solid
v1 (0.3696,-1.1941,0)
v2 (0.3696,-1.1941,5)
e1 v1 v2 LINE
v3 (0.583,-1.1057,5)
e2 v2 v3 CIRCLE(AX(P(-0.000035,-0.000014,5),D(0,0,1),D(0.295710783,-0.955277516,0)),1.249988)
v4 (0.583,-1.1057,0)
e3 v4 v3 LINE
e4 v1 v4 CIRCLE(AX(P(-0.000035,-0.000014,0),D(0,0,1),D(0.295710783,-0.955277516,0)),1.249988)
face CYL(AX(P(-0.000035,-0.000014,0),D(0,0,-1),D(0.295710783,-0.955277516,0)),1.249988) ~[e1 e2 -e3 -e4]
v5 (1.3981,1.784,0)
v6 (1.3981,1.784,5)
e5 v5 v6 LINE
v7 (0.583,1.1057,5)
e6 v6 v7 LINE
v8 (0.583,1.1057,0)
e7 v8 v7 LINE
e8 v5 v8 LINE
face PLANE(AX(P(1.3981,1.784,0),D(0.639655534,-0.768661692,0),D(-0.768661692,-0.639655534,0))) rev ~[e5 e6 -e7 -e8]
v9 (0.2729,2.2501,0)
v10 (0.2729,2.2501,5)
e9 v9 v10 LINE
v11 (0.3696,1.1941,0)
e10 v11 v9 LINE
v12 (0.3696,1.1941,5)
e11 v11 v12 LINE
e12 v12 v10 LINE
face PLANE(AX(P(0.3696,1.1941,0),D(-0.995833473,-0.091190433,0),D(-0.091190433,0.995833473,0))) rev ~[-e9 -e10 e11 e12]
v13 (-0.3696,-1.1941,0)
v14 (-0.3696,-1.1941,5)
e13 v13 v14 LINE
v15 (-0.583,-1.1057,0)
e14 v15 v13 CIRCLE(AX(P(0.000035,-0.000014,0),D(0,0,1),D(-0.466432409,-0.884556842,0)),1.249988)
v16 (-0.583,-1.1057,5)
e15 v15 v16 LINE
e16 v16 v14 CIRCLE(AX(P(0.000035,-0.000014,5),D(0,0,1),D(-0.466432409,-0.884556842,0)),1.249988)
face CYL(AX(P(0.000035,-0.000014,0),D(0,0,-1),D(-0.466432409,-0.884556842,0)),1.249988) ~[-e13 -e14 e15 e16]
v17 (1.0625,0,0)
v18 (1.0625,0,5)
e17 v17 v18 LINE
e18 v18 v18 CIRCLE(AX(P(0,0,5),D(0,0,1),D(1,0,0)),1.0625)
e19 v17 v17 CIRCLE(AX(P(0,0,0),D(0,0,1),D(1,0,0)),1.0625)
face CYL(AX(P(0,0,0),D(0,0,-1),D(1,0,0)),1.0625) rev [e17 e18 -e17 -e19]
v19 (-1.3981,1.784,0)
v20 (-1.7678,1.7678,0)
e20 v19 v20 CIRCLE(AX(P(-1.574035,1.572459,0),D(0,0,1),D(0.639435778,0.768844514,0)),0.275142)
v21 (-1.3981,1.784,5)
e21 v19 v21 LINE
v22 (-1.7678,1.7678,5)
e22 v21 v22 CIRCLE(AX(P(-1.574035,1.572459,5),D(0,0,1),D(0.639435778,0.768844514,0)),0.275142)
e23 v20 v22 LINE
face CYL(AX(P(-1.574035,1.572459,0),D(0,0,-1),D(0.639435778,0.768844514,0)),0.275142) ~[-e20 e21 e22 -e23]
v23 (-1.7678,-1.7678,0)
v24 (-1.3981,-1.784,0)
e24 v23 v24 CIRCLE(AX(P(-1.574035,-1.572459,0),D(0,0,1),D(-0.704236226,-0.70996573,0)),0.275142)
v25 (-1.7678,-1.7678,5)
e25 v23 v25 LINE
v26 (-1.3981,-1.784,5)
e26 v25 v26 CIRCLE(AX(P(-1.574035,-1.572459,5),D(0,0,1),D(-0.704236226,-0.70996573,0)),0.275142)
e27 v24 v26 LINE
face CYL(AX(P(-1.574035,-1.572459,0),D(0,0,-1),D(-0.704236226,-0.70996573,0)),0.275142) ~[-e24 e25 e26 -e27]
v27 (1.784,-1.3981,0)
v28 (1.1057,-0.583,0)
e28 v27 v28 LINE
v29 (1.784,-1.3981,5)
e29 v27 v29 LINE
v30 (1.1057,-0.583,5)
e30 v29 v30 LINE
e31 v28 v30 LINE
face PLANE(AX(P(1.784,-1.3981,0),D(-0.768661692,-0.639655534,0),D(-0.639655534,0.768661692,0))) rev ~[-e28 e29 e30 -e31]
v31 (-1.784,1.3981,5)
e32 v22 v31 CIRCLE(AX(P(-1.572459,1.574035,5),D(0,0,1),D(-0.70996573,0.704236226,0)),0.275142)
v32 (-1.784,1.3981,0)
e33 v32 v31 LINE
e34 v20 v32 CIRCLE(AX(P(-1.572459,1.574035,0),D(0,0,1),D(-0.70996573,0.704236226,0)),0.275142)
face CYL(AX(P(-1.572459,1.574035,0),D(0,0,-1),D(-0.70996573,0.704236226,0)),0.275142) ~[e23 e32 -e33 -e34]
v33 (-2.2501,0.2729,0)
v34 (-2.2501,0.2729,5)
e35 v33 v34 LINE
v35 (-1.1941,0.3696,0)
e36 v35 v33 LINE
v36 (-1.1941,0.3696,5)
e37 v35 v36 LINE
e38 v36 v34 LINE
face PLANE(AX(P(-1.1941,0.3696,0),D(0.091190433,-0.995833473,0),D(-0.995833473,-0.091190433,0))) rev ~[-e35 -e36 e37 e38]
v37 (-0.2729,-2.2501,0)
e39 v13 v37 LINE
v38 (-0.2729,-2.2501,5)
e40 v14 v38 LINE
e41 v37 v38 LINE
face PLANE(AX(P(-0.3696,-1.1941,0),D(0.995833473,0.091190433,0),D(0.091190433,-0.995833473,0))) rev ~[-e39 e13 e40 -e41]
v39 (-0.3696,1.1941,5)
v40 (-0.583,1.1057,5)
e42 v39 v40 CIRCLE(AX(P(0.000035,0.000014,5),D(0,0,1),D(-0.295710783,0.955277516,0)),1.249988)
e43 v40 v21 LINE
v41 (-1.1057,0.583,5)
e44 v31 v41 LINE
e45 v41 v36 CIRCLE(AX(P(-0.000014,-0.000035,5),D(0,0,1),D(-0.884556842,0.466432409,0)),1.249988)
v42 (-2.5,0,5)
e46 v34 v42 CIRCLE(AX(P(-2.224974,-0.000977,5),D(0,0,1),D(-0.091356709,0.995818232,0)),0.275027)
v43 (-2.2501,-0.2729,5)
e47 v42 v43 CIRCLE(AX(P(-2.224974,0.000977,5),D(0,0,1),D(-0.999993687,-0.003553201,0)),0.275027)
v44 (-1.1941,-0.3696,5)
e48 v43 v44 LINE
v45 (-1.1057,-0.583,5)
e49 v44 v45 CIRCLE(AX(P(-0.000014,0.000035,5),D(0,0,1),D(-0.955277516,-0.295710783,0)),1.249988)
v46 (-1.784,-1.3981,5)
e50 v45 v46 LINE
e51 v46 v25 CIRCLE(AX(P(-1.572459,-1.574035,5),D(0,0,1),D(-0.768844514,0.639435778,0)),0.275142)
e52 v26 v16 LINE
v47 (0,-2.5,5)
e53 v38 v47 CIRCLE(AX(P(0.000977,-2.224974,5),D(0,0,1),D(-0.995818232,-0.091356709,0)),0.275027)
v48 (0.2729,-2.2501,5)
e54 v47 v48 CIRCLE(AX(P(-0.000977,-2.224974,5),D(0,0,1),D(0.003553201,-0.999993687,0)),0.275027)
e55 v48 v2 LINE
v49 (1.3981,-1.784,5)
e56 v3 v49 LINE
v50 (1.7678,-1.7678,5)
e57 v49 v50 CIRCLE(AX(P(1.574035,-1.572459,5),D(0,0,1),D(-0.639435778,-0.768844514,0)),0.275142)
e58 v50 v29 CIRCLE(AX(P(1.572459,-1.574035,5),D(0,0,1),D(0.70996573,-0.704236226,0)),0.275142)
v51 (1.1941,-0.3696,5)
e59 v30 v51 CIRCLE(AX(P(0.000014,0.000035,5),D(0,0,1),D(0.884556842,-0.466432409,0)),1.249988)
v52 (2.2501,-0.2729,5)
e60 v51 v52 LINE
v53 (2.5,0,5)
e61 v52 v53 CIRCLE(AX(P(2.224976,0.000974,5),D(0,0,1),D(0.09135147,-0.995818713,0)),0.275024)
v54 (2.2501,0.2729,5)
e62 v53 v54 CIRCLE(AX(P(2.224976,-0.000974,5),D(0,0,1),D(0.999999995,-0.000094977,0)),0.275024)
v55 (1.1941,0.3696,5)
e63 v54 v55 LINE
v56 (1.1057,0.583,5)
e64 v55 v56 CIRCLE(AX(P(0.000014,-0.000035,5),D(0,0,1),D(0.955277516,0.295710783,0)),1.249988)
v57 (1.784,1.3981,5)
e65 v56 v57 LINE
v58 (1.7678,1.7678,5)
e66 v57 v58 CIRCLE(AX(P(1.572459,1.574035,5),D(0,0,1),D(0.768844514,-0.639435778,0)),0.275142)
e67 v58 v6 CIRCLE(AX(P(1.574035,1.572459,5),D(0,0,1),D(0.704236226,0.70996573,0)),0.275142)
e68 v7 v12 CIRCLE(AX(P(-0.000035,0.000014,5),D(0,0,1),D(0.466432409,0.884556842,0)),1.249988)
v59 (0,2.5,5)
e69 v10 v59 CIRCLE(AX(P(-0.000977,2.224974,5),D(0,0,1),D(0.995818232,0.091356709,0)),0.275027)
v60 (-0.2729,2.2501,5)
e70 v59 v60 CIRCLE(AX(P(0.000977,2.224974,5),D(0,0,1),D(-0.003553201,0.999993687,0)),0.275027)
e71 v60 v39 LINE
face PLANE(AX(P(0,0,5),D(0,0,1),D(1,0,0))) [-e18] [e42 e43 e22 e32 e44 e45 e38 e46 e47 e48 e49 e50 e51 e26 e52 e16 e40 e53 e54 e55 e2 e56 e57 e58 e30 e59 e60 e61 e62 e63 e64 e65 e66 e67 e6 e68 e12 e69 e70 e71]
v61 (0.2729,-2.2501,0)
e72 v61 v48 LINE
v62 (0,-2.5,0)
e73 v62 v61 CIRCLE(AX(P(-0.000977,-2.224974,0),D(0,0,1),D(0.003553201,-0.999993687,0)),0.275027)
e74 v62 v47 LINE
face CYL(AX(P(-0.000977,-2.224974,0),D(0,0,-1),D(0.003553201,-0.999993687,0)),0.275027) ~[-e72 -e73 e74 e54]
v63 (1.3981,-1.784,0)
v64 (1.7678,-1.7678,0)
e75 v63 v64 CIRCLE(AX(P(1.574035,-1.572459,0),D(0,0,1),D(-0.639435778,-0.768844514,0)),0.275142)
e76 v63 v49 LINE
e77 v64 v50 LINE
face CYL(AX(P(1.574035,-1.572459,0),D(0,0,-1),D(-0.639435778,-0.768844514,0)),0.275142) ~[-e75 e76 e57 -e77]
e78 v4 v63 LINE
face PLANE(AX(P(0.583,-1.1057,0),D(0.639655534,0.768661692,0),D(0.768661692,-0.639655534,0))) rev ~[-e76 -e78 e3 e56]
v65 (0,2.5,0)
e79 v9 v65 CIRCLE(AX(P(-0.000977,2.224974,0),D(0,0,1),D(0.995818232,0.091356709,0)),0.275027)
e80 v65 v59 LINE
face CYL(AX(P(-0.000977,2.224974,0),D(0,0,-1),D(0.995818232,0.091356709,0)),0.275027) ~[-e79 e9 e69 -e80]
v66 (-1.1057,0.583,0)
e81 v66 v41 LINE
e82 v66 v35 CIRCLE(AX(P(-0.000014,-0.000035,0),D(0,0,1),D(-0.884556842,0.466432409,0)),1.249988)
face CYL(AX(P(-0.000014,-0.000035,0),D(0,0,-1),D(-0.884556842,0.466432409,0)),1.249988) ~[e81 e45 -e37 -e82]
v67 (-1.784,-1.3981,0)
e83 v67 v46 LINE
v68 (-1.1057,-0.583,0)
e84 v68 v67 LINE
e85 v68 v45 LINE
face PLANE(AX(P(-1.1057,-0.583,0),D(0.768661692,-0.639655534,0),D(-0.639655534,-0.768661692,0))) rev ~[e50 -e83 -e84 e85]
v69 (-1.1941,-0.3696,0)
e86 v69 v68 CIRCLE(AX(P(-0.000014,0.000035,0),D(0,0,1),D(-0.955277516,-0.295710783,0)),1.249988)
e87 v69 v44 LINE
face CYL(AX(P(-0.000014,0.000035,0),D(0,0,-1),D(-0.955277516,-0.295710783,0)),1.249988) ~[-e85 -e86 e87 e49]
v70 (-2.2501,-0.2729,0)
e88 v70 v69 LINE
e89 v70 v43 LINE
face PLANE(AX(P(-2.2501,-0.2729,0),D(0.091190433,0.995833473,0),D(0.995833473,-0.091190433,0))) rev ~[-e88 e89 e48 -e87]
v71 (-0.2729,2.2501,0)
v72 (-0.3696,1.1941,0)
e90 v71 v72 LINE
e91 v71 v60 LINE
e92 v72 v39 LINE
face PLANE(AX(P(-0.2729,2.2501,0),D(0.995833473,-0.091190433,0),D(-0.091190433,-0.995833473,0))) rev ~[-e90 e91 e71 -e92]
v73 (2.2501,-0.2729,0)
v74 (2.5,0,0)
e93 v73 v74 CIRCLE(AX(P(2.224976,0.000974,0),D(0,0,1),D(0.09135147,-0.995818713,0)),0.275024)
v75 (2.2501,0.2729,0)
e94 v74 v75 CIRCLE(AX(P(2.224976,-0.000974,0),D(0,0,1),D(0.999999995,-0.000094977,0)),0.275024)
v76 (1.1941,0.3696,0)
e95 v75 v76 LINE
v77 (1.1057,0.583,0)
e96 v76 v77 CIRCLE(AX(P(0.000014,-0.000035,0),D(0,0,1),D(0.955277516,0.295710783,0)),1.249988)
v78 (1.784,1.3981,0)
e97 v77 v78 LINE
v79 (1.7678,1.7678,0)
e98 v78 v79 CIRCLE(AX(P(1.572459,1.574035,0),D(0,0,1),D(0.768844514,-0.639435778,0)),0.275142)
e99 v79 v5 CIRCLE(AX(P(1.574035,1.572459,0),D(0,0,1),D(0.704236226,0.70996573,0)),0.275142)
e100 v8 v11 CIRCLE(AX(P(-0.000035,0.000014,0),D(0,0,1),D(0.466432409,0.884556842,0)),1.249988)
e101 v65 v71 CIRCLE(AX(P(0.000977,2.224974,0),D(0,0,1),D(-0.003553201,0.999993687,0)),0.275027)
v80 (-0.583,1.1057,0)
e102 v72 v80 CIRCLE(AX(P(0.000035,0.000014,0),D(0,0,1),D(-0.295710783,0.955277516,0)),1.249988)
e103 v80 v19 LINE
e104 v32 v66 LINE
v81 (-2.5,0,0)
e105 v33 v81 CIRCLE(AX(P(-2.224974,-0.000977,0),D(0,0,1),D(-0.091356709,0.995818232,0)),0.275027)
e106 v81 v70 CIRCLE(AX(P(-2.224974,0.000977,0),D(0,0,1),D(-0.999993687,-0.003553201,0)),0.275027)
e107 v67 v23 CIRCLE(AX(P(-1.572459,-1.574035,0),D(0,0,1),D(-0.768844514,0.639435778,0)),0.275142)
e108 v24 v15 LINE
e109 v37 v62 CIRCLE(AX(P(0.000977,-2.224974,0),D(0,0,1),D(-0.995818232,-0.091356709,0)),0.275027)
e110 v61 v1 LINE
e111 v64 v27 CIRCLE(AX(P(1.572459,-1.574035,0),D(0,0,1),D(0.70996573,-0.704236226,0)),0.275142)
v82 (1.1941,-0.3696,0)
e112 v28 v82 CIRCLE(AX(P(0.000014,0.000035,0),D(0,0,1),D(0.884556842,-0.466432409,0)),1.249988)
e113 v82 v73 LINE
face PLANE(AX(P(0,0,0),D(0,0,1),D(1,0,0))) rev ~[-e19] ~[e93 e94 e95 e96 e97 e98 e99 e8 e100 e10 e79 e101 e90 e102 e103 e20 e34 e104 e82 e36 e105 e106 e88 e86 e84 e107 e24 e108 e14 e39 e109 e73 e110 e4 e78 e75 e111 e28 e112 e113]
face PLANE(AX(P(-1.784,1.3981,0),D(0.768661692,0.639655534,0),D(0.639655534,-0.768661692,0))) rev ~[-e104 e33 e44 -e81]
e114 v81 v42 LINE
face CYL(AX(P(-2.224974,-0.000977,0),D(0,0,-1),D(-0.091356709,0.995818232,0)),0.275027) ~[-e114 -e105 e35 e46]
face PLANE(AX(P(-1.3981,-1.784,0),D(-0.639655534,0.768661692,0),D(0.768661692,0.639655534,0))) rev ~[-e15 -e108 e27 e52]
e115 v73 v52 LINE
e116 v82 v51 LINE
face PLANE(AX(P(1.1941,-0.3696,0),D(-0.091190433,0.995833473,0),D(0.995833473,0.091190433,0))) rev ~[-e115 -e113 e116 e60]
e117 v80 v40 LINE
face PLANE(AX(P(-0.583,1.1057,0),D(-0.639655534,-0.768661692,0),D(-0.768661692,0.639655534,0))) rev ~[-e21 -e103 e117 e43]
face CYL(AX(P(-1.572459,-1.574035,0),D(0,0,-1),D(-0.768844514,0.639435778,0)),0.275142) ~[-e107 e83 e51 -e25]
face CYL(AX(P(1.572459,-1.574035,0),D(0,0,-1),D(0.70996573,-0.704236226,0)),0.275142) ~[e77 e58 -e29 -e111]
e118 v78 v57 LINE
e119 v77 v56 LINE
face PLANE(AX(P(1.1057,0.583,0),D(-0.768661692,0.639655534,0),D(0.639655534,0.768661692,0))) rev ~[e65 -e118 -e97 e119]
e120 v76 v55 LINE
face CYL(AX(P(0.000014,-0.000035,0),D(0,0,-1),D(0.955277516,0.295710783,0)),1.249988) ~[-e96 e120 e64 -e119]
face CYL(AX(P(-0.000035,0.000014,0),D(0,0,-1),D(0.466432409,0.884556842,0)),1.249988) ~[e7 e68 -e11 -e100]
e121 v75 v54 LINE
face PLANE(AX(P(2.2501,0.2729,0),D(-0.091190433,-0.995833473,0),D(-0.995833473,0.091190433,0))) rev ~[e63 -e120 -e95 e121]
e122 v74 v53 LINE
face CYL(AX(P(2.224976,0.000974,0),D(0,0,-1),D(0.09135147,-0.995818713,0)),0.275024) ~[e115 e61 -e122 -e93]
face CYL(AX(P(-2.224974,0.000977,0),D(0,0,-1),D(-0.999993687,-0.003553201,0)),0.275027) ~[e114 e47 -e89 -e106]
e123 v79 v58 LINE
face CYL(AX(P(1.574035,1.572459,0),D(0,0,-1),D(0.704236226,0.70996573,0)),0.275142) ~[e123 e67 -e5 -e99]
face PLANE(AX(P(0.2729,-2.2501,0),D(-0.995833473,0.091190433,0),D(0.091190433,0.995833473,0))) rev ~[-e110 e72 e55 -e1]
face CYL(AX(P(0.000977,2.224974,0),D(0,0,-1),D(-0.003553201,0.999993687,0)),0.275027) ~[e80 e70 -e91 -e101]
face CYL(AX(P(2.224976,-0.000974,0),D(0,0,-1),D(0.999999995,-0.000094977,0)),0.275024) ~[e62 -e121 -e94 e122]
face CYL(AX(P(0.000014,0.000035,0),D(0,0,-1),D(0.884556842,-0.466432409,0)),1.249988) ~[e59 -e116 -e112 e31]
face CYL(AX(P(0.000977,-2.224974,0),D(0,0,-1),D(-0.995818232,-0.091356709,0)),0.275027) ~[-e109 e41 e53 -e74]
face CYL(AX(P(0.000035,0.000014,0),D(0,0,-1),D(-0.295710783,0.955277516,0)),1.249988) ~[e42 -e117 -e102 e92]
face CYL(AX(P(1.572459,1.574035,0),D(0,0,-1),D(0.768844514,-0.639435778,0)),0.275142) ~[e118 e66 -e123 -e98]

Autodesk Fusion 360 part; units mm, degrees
sketch "Small Head Gear" plane through (0, 0, 0) normal (0, 0, 1) x (1, 0, 0)
  circle A0 centre (0, 0) radius 1.0625
  arc A1 (-0.583, -1.1057) -> (-0.3696, -1.1941) centre (0, 0) ccw
  arc A2 (-1.1941, -0.3696) -> (-1.1057, -0.583) centre (0, 0) ccw
  arc A3 (-1.1057, 0.583) -> (-1.1941, 0.3696) centre (0, 0) ccw
  arc A4 (-0.3696, 1.1941) -> (-0.583, 1.1057) centre (0, 0) ccw
  arc A5 (0.583, 1.1057) -> (0.3696, 1.1941) centre (0, 0) ccw
  arc A6 (1.1941, 0.3696) -> (1.1057, 0.583) centre (0, 0) ccw
  arc A7 (0.3696, -1.1941) -> (0.583, -1.1057) centre (0, 0) ccw
  arc A8 (1.1057, -0.583) -> (1.1941, -0.3696) centre (0, 0) ccw
  line L0 (0, -2.5) -> (0.001, -2.5)
  line L1 (0, -2.5) -> (-0.001, -2.5)
  line L2 (1.7678, -1.7678) -> (1.7684, -1.7671)
  line L3 (1.7678, -1.7678) -> (1.7671, -1.7684)
  line L4 (1.7678, 1.7678) -> (1.7671, 1.7684)
  line L5 (1.7678, 1.7678) -> (1.7684, 1.7671)
  line L6 (0, 2.5) -> (-0.001, 2.5)
  line L7 (0, 2.5) -> (0.001, 2.5)
  line L8 (-1.7678, 1.7678) -> (-1.7684, 1.7671)
  line L9 (-1.7678, 1.7678) -> (-1.7671, 1.7684)
  line L10 (-2.5, 0) -> (-2.5, -0.001)
  line L11 (-2.5, 0) -> (-2.5, 0.001)
  line L12 (-1.7678, -1.7678) -> (-1.7671, -1.7684)
  line L13 (-1.7678, -1.7678) -> (-1.7684, -1.7671)
  line L14 (-0.3696, -1.1941) -> (-0.2729, -2.2501)
  line L15 (0.2729, -2.2501) -> (0.3696, -1.1941)
  line L16 (0.583, -1.1057) -> (1.3981, -1.784)
  line L17 (1.784, -1.3981) -> (1.1057, -0.583)
  line L18 (1.1941, -0.3696) -> (2.2501, -0.2729)
  line L19 (2.2501, 0.2729) -> (1.1941, 0.3696)
  line L20 (1.1057, 0.583) -> (1.784, 1.3981)
  line L21 (1.3981, 1.784) -> (0.583, 1.1057)
  line L22 (0.3696, 1.1941) -> (0.2729, 2.2501)
  line L23 (-0.2729, 2.2501) -> (-0.3696, 1.1941)
  line L24 (-0.583, 1.1057) -> (-1.3981, 1.784)
  line L25 (-1.784, 1.3981) -> (-1.1057, 0.583)
  line L26 (-1.1941, 0.3696) -> (-2.2501, 0.2729)
  line L27 (-2.2501, -0.2729) -> (-1.1941, -0.3696)
  line L28 (-1.1057, -0.583) -> (-1.784, -1.3981)
  line L29 (-1.3981, -1.784) -> (-0.583, -1.1057)
  line L30 (2.5, -0.001) -> (2.5, 0.001)
  arc A9 (-0.2729, -2.2501) -> (0.001, -2.5) centre (0.001, -2.225) ccw
  arc A10 (-0.001, -2.5) -> (0.2729, -2.2501) centre (-0.001, -2.225) ccw
  arc A11 (1.3981, -1.784) -> (1.7684, -1.7671) centre (1.574, -1.5726) ccw
  arc A12 (1.7671, -1.7684) -> (1.784, -1.3981) centre (1.5726, -1.574) ccw
  arc A13 (2.2501, -0.2729) -> (2.5, 0.001) centre (2.225, 0.001) ccw
  arc A14 (2.5, -0.001) -> (2.2501, 0.2729) centre (2.225, -0.001) ccw
  arc A15 (1.784, 1.3981) -> (1.7671, 1.7684) centre (1.5726, 1.574) ccw
  arc A16 (1.7684, 1.7671) -> (1.3981, 1.784) centre (1.574, 1.5726) ccw
  arc A17 (0.2729, 2.2501) -> (-0.001, 2.5) centre (-0.001, 2.225) ccw
  arc A18 (0.001, 2.5) -> (-0.2729, 2.2501) centre (0.001, 2.225) ccw
  arc A19 (-1.3981, 1.784) -> (-1.7684, 1.7671) centre (-1.574, 1.5726) ccw
  arc A20 (-1.7671, 1.7684) -> (-1.784, 1.3981) centre (-1.5726, 1.574) ccw
  arc A21 (-2.2501, 0.2729) -> (-2.5, -0.001) centre (-2.225, -0.001) ccw
  arc A22 (-2.5, 0.001) -> (-2.2501, -0.2729) centre (-2.225, 0.001) ccw
  arc A23 (-1.7684, -1.7671) -> (-1.3981, -1.784) centre (-1.574, -1.5726) ccw
  arc A24 (-1.784, -1.3981) -> (-1.7671, -1.7684) centre (-1.5726, -1.574) ccw
extrude "Extrude1" add sketch "Small Head Gear" along normal blind 5
